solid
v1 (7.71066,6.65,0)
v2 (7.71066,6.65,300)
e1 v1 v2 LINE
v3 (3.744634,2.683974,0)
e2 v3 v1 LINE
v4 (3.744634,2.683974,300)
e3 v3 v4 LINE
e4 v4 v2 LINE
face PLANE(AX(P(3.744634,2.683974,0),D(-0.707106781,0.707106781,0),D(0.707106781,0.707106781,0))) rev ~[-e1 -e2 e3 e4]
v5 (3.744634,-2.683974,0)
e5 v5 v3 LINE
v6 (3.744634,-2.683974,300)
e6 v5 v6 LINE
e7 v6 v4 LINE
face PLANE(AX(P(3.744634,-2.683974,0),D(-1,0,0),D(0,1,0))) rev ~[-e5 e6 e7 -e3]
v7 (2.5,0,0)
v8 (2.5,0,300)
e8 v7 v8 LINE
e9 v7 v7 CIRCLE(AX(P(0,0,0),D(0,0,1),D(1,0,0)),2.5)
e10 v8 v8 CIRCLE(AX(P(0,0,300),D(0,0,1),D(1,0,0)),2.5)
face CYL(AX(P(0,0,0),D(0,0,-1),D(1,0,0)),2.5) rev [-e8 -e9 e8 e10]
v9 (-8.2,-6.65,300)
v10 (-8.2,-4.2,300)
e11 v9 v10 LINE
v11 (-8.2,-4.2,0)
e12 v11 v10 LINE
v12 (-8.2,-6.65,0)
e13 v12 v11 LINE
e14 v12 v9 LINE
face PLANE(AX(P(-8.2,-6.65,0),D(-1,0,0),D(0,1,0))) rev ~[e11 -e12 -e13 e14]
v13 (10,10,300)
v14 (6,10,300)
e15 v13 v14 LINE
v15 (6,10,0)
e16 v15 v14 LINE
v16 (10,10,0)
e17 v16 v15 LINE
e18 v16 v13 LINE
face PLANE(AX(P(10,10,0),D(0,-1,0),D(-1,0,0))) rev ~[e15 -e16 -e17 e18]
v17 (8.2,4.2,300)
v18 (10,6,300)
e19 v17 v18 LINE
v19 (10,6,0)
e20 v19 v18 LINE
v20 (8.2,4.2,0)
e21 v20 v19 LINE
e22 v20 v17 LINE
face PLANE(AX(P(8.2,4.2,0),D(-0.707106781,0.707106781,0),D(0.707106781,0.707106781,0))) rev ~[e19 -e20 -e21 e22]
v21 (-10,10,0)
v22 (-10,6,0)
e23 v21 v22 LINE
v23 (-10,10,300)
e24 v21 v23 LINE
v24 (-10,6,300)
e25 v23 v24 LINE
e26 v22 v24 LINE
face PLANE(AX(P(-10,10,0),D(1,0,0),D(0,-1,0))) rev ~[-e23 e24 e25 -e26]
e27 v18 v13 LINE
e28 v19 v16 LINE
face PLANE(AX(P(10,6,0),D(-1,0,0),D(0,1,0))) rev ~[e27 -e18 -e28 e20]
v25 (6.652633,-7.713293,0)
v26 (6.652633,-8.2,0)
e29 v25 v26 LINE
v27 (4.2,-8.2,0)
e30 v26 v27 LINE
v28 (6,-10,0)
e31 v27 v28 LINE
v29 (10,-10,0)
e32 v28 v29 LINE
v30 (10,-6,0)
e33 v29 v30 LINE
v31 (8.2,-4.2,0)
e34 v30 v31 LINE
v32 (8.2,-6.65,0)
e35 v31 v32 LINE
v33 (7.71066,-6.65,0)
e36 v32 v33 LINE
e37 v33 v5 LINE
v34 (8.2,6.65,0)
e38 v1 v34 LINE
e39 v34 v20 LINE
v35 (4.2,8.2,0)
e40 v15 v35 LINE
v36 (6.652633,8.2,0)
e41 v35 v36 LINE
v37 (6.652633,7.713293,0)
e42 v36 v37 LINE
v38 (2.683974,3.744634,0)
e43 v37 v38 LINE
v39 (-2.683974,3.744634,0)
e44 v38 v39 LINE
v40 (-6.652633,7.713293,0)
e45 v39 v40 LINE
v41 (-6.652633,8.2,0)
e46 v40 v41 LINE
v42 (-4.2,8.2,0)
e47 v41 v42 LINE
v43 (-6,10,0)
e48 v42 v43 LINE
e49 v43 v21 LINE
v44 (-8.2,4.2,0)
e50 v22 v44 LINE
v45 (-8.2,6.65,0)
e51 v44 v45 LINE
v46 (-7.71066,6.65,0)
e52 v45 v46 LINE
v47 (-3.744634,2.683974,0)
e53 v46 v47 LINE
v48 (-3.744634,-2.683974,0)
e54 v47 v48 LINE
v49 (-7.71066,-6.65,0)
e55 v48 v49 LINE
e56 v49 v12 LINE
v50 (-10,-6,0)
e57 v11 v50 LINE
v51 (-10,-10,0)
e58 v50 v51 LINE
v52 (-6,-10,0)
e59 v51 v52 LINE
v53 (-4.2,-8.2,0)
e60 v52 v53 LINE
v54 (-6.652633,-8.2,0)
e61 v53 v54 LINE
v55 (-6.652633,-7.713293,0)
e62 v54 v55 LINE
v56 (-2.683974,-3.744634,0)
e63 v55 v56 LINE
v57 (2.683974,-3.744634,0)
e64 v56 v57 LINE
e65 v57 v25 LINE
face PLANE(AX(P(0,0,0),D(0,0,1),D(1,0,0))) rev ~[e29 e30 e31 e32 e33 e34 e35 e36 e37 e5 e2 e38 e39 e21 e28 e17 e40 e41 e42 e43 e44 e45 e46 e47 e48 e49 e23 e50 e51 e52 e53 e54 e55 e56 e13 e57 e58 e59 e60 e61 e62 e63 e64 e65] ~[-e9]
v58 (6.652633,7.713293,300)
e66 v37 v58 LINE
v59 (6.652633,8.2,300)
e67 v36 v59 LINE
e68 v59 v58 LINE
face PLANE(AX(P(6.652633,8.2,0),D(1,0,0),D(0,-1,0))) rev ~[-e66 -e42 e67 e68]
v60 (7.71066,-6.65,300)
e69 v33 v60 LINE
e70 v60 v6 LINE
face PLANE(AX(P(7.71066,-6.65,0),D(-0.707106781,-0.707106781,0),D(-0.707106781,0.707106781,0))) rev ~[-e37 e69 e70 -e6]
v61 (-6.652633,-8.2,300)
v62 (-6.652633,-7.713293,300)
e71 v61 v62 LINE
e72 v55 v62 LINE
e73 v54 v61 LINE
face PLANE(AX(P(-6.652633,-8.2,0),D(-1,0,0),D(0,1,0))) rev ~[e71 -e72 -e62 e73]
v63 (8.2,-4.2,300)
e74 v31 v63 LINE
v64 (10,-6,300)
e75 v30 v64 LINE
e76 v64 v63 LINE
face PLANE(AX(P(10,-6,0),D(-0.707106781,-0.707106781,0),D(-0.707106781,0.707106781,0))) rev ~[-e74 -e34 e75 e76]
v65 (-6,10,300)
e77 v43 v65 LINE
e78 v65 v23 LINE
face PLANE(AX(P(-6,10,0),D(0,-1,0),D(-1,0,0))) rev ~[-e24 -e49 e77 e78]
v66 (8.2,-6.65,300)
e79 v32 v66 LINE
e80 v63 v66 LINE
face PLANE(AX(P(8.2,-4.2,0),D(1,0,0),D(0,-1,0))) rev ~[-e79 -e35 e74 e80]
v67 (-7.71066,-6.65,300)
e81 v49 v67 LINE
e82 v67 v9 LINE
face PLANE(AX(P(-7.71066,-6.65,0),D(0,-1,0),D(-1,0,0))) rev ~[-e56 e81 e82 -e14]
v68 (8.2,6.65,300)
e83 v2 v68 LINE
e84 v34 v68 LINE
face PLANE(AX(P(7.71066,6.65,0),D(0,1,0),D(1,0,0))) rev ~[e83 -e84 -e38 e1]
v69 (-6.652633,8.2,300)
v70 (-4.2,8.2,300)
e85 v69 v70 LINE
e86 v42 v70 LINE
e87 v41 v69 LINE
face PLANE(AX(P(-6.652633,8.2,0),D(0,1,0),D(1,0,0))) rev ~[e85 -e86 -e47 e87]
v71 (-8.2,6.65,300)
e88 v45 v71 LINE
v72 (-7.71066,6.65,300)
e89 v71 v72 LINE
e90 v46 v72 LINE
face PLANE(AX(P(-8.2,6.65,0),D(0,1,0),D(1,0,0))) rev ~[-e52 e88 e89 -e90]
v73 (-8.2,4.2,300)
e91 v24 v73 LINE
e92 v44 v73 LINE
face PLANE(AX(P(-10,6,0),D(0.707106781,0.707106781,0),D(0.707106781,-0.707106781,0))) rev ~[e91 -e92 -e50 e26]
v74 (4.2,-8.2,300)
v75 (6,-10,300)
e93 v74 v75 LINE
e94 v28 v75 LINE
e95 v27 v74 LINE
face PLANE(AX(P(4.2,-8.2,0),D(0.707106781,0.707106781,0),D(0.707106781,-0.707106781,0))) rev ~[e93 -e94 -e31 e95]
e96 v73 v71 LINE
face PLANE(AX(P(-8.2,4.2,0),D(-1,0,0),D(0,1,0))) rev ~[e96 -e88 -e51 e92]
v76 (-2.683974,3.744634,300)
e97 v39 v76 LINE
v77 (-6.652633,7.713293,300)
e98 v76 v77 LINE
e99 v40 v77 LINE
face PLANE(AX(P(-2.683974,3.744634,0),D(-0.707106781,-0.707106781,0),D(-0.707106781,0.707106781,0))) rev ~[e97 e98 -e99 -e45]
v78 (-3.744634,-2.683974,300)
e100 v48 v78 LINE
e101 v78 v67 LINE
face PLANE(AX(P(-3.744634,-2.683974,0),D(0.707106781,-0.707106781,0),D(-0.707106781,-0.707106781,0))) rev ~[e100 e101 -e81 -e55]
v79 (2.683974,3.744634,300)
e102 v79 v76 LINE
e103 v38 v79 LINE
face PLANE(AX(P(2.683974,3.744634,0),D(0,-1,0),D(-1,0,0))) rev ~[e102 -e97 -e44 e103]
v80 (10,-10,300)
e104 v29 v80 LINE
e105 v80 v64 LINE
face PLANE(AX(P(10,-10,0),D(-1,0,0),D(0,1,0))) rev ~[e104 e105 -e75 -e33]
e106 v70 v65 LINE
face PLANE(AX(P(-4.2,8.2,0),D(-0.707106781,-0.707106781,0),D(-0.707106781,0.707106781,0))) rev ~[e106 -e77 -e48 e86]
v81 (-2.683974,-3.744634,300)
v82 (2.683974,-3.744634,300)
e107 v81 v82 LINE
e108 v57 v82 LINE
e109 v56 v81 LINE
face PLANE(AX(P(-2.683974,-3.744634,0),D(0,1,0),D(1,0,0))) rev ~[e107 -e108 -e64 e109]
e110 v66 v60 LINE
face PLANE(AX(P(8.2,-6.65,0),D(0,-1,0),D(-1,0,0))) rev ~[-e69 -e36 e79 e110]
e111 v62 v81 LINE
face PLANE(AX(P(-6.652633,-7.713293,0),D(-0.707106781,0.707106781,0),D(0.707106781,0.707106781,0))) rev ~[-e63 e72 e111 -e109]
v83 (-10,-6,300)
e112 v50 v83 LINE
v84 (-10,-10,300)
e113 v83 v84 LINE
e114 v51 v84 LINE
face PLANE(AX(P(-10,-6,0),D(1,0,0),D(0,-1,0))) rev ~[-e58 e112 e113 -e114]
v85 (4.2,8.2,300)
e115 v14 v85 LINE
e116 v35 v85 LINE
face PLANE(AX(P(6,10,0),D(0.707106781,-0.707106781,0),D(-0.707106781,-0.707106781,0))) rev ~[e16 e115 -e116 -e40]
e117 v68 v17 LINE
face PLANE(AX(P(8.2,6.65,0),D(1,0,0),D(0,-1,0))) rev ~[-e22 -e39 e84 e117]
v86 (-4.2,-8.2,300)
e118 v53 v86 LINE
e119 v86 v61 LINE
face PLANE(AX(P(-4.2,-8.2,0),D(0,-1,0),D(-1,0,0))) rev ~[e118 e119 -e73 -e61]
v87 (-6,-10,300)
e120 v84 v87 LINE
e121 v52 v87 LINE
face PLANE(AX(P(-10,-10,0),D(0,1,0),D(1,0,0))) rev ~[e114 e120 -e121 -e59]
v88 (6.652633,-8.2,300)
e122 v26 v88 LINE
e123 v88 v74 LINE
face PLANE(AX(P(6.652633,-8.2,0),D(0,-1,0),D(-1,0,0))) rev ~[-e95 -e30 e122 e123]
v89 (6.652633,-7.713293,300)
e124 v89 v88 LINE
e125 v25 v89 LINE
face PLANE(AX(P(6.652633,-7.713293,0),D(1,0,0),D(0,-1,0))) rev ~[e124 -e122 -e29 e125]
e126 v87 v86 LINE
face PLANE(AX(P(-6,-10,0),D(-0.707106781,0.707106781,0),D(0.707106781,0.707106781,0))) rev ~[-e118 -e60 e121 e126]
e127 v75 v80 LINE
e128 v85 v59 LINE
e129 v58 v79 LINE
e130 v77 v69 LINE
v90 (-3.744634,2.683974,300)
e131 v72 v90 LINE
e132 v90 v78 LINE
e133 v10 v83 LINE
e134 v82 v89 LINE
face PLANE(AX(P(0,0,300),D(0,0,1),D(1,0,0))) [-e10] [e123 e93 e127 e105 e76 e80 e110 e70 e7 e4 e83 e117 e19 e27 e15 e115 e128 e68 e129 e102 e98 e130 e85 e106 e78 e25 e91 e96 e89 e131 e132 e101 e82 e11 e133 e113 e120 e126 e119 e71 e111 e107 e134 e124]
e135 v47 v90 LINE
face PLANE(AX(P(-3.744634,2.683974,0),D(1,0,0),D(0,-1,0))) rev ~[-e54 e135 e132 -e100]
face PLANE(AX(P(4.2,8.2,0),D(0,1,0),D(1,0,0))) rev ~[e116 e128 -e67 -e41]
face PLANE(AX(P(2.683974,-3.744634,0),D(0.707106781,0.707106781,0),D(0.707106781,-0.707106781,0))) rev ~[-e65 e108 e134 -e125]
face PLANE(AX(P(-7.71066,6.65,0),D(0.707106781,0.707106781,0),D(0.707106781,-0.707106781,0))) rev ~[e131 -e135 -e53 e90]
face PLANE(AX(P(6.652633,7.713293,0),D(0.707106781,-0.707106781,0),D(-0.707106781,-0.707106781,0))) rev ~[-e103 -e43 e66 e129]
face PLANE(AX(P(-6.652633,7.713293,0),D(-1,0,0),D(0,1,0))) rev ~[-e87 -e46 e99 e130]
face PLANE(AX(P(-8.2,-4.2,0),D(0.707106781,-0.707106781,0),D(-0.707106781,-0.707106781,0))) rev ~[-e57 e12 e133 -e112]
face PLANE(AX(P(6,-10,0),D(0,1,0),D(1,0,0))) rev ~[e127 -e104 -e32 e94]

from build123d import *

# Parameters (mm, degrees)
SKETCH1_R           = 2.5
BOSS_EXTRUDE1_DEPTH = 300


with BuildPart() as part:
    # Sketch1 → Boss-Extrude1 (new body)
    with BuildSketch(Plane.XY):
        Polygon((-4.2, 8.2), (-6, 10), (-10, 10), (-10, 6), (-8.2, 4.2), (-8.2, 6.65), (-7.710660172, 6.65), (-3.744633983, 2.683973811), (-3.744633983, -2.683973811), (-7.710660172, -6.65), (-8.2, -6.65), (-8.2, -4.2), (-10, -6), (-10, -10), (-6, -10), (-4.2, -8.2), (-6.652632674, -8.2), (-6.652632674, -7.713292846), (-2.683973811, -3.744633983), (2.683973811, -3.744633983), (6.652632674, -7.713292846), (6.652632674, -8.2), (4.2, -8.2), (6, -10), (10, -10), (10, -6), (8.2, -4.2), (8.2, -6.65), (7.710660172, -6.65), (3.744633983, -2.683973811), (3.744633983, 2.683973811), (7.710660172, 6.65), (8.2, 6.65), (8.2, 4.2), (10, 6), (10, 10), (6, 10), (4.2, 8.2), (6.652632674, 8.2), (6.652632674, 7.713292846), (2.683973811, 3.744633983), (-2.683973811, 3.744633983), (-6.652632674, 7.713292846), (-6.652632674, 8.2), align=None)
        Circle(SKETCH1_R, mode=Mode.SUBTRACT)
    extrude(amount=BOSS_EXTRUDE1_DEPTH)


solid = part.part
